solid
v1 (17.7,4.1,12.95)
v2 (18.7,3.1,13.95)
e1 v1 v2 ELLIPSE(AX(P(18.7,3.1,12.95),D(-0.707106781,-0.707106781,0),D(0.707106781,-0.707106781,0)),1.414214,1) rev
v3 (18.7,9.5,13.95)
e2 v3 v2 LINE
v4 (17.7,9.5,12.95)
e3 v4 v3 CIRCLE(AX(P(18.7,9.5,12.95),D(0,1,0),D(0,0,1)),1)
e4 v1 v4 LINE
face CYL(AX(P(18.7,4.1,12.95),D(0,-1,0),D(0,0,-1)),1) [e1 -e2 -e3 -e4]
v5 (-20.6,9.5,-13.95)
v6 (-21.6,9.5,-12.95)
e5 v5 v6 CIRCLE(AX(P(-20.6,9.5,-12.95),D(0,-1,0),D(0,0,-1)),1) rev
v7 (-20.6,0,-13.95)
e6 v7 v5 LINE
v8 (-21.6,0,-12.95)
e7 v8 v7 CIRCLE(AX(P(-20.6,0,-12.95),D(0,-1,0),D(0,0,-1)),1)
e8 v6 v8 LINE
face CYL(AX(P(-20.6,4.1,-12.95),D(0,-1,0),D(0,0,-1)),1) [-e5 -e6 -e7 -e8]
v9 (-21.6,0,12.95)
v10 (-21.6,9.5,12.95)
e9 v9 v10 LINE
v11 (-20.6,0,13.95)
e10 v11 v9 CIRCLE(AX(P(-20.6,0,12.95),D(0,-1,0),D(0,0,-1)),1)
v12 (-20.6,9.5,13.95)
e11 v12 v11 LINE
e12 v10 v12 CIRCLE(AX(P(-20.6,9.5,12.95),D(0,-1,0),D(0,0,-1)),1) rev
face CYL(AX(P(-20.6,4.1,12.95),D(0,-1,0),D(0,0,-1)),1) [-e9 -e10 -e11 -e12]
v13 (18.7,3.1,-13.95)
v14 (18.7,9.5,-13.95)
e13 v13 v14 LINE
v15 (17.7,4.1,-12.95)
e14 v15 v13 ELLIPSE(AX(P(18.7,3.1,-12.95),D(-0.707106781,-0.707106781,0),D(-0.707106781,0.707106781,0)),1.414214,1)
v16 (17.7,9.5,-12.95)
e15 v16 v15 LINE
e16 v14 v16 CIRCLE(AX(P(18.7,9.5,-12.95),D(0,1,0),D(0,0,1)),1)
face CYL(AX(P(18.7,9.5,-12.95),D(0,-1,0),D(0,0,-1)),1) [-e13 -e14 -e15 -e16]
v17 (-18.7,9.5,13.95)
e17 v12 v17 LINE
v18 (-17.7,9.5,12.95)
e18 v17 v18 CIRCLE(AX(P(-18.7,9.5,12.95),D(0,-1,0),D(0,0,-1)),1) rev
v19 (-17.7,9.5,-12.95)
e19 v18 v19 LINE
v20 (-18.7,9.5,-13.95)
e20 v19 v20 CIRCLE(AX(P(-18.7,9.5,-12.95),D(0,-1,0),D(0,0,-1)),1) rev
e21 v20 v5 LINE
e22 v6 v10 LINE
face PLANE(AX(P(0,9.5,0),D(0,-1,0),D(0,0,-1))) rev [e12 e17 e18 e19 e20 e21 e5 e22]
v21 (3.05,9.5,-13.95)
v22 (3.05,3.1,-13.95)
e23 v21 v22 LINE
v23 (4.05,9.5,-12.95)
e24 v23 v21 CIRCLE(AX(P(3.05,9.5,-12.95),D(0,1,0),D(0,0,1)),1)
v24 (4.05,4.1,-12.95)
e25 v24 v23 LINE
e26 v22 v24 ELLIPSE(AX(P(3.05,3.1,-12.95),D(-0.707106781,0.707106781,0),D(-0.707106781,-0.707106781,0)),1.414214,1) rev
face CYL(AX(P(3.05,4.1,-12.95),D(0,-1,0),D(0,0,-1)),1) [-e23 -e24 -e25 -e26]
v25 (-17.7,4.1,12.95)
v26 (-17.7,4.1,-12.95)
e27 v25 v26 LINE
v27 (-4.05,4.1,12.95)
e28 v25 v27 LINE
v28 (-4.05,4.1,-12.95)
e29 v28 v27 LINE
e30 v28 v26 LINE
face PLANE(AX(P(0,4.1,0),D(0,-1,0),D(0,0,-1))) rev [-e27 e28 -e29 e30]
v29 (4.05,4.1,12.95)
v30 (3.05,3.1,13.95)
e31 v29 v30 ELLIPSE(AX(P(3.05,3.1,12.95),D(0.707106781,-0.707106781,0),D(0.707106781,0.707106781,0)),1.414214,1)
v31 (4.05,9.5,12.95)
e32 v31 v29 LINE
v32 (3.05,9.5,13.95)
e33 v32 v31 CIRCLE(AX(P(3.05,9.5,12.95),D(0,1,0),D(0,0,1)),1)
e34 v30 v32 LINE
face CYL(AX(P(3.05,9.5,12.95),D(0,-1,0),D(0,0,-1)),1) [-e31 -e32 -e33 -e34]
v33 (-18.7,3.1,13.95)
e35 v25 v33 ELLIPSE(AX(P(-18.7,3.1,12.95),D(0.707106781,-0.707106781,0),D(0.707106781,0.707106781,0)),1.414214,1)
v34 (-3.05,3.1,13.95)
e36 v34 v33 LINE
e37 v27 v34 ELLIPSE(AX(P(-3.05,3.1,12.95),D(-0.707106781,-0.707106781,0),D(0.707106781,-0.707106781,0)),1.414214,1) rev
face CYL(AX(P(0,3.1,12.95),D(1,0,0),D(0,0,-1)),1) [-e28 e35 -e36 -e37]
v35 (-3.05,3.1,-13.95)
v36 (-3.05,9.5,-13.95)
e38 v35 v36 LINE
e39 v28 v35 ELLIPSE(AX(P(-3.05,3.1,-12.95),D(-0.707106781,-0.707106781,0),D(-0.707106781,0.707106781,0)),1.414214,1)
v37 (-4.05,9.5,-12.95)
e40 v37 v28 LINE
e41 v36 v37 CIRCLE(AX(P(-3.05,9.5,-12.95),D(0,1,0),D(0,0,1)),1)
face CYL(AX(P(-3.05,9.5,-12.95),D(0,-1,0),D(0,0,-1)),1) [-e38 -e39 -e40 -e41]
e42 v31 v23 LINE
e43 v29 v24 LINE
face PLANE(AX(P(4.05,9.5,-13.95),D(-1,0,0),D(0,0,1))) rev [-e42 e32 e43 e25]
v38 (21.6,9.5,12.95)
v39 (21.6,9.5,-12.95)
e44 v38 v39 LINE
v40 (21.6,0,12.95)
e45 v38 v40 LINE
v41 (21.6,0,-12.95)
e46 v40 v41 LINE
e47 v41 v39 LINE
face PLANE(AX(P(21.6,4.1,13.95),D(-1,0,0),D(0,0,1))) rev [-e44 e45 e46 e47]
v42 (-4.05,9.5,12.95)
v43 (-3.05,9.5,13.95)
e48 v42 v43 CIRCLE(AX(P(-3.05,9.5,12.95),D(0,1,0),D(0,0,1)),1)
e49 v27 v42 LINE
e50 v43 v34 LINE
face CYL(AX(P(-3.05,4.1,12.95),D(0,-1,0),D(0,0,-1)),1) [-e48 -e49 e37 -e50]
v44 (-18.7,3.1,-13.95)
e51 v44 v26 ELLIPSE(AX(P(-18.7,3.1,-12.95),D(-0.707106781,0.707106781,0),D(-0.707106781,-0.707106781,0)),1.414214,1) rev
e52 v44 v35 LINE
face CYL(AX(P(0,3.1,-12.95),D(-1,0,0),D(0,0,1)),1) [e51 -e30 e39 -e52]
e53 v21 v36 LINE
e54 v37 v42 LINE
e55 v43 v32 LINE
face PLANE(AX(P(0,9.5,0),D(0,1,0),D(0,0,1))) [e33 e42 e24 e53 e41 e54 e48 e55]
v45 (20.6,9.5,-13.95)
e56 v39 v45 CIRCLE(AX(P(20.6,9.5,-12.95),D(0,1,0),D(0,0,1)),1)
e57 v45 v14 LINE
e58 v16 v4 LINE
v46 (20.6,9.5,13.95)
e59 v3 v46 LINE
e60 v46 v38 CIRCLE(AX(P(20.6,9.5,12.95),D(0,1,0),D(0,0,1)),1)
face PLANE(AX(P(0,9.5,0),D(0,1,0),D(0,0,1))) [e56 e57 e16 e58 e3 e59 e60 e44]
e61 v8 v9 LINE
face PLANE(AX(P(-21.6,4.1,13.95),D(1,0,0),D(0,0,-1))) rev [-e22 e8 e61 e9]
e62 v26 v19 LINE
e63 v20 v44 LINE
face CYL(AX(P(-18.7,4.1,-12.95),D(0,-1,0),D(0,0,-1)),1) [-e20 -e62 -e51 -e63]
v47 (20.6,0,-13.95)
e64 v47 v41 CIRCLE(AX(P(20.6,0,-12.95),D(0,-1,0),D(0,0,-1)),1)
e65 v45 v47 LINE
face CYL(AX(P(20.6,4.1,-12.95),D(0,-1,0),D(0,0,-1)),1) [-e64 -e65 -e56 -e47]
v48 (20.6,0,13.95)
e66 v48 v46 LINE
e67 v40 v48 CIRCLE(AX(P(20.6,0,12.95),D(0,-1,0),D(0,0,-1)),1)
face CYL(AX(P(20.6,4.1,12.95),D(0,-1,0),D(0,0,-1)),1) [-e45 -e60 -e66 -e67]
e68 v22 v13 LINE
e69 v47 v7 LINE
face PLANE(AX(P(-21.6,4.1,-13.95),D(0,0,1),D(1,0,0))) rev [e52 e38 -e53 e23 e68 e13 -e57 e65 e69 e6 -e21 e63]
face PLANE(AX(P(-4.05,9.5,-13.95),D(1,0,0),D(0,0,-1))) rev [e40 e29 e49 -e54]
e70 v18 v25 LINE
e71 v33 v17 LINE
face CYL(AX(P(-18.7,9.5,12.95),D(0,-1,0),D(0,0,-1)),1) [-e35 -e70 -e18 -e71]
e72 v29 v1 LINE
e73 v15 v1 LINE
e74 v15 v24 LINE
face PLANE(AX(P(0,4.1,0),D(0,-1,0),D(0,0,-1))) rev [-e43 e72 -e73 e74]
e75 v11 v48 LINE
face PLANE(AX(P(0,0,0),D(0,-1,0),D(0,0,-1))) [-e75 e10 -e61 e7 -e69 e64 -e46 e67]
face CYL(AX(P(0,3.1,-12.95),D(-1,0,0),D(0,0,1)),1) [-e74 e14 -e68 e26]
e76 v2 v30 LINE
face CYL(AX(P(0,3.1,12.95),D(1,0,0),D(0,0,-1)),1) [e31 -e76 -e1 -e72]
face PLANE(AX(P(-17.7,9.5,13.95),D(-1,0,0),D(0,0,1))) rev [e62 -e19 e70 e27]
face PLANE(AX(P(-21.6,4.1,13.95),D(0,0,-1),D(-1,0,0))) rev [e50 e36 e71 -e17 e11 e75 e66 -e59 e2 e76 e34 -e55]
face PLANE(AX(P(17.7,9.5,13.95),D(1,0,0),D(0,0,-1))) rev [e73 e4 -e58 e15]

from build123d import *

# Parameters (mm, degrees)
SKETCH_1_W      = 43.2
SKETCH_1_H      = 27.9
EXTRUDE_1_DEPTH = 4.1
SKETCH_2_W      = 8.1
SKETCH_2_H      = 27.9
SKETCH_2_W_2    = 3.9
EXTRUDE_2_DEPTH = 5.4
FILLET_1_R      = 1


with BuildPart() as part:
    # Эскиз1 → Бобышка-Вытянуть1 (new body)
    with BuildSketch(Plane(origin=(0, 0, 0), x_dir=(1, 0, 0), z_dir=(0, 1, 0))):
        Rectangle(SKETCH_1_W, SKETCH_1_H)
    extrude(amount=EXTRUDE_1_DEPTH)

    # Эскиз2 → Бобышка-Вытянуть2 (add)
    with BuildSketch(Plane(origin=(0, 4.1, 0), x_dir=(1, 0, 0), z_dir=(0, 1, 0))):
        Rectangle(SKETCH_2_W, SKETCH_2_H)
        with Locations((-19.65, 0)):
            Rectangle(SKETCH_2_W_2, SKETCH_2_H)
        with Locations((19.65, 0)):
            Rectangle(SKETCH_2_W_2, SKETCH_2_H)
    extrude(amount=EXTRUDE_2_DEPTH)

    # Скругление1
    fillet_1_edges = [part.edges().sort_by_distance(p)[0] for p in [
        (-10.875, 4.1, -13.95),
        (10.875, 4.1, 13.95),
        (4.05, 6.8, 13.95),
        (4.05, 6.8, -13.95),
        (-4.05, 6.8, -13.95),
        (-4.05, 6.8, 13.95),
        (-10.875, 4.1, 13.95),
        (-17.7, 6.8, 13.95),
        (-17.7, 6.8, -13.95),
        (10.875, 4.1, -13.95),
        (17.7, 6.8, -13.95),
        (17.7, 6.8, 13.95),
        (21.6, 4.75, 13.95),
        (-21.6, 4.75, 13.95),
        (-21.6, 4.75, -13.95),
        (21.6, 4.75, -13.95),
    ]]
    fillet(fillet_1_edges, radius=FILLET_1_R)


solid = part.part
